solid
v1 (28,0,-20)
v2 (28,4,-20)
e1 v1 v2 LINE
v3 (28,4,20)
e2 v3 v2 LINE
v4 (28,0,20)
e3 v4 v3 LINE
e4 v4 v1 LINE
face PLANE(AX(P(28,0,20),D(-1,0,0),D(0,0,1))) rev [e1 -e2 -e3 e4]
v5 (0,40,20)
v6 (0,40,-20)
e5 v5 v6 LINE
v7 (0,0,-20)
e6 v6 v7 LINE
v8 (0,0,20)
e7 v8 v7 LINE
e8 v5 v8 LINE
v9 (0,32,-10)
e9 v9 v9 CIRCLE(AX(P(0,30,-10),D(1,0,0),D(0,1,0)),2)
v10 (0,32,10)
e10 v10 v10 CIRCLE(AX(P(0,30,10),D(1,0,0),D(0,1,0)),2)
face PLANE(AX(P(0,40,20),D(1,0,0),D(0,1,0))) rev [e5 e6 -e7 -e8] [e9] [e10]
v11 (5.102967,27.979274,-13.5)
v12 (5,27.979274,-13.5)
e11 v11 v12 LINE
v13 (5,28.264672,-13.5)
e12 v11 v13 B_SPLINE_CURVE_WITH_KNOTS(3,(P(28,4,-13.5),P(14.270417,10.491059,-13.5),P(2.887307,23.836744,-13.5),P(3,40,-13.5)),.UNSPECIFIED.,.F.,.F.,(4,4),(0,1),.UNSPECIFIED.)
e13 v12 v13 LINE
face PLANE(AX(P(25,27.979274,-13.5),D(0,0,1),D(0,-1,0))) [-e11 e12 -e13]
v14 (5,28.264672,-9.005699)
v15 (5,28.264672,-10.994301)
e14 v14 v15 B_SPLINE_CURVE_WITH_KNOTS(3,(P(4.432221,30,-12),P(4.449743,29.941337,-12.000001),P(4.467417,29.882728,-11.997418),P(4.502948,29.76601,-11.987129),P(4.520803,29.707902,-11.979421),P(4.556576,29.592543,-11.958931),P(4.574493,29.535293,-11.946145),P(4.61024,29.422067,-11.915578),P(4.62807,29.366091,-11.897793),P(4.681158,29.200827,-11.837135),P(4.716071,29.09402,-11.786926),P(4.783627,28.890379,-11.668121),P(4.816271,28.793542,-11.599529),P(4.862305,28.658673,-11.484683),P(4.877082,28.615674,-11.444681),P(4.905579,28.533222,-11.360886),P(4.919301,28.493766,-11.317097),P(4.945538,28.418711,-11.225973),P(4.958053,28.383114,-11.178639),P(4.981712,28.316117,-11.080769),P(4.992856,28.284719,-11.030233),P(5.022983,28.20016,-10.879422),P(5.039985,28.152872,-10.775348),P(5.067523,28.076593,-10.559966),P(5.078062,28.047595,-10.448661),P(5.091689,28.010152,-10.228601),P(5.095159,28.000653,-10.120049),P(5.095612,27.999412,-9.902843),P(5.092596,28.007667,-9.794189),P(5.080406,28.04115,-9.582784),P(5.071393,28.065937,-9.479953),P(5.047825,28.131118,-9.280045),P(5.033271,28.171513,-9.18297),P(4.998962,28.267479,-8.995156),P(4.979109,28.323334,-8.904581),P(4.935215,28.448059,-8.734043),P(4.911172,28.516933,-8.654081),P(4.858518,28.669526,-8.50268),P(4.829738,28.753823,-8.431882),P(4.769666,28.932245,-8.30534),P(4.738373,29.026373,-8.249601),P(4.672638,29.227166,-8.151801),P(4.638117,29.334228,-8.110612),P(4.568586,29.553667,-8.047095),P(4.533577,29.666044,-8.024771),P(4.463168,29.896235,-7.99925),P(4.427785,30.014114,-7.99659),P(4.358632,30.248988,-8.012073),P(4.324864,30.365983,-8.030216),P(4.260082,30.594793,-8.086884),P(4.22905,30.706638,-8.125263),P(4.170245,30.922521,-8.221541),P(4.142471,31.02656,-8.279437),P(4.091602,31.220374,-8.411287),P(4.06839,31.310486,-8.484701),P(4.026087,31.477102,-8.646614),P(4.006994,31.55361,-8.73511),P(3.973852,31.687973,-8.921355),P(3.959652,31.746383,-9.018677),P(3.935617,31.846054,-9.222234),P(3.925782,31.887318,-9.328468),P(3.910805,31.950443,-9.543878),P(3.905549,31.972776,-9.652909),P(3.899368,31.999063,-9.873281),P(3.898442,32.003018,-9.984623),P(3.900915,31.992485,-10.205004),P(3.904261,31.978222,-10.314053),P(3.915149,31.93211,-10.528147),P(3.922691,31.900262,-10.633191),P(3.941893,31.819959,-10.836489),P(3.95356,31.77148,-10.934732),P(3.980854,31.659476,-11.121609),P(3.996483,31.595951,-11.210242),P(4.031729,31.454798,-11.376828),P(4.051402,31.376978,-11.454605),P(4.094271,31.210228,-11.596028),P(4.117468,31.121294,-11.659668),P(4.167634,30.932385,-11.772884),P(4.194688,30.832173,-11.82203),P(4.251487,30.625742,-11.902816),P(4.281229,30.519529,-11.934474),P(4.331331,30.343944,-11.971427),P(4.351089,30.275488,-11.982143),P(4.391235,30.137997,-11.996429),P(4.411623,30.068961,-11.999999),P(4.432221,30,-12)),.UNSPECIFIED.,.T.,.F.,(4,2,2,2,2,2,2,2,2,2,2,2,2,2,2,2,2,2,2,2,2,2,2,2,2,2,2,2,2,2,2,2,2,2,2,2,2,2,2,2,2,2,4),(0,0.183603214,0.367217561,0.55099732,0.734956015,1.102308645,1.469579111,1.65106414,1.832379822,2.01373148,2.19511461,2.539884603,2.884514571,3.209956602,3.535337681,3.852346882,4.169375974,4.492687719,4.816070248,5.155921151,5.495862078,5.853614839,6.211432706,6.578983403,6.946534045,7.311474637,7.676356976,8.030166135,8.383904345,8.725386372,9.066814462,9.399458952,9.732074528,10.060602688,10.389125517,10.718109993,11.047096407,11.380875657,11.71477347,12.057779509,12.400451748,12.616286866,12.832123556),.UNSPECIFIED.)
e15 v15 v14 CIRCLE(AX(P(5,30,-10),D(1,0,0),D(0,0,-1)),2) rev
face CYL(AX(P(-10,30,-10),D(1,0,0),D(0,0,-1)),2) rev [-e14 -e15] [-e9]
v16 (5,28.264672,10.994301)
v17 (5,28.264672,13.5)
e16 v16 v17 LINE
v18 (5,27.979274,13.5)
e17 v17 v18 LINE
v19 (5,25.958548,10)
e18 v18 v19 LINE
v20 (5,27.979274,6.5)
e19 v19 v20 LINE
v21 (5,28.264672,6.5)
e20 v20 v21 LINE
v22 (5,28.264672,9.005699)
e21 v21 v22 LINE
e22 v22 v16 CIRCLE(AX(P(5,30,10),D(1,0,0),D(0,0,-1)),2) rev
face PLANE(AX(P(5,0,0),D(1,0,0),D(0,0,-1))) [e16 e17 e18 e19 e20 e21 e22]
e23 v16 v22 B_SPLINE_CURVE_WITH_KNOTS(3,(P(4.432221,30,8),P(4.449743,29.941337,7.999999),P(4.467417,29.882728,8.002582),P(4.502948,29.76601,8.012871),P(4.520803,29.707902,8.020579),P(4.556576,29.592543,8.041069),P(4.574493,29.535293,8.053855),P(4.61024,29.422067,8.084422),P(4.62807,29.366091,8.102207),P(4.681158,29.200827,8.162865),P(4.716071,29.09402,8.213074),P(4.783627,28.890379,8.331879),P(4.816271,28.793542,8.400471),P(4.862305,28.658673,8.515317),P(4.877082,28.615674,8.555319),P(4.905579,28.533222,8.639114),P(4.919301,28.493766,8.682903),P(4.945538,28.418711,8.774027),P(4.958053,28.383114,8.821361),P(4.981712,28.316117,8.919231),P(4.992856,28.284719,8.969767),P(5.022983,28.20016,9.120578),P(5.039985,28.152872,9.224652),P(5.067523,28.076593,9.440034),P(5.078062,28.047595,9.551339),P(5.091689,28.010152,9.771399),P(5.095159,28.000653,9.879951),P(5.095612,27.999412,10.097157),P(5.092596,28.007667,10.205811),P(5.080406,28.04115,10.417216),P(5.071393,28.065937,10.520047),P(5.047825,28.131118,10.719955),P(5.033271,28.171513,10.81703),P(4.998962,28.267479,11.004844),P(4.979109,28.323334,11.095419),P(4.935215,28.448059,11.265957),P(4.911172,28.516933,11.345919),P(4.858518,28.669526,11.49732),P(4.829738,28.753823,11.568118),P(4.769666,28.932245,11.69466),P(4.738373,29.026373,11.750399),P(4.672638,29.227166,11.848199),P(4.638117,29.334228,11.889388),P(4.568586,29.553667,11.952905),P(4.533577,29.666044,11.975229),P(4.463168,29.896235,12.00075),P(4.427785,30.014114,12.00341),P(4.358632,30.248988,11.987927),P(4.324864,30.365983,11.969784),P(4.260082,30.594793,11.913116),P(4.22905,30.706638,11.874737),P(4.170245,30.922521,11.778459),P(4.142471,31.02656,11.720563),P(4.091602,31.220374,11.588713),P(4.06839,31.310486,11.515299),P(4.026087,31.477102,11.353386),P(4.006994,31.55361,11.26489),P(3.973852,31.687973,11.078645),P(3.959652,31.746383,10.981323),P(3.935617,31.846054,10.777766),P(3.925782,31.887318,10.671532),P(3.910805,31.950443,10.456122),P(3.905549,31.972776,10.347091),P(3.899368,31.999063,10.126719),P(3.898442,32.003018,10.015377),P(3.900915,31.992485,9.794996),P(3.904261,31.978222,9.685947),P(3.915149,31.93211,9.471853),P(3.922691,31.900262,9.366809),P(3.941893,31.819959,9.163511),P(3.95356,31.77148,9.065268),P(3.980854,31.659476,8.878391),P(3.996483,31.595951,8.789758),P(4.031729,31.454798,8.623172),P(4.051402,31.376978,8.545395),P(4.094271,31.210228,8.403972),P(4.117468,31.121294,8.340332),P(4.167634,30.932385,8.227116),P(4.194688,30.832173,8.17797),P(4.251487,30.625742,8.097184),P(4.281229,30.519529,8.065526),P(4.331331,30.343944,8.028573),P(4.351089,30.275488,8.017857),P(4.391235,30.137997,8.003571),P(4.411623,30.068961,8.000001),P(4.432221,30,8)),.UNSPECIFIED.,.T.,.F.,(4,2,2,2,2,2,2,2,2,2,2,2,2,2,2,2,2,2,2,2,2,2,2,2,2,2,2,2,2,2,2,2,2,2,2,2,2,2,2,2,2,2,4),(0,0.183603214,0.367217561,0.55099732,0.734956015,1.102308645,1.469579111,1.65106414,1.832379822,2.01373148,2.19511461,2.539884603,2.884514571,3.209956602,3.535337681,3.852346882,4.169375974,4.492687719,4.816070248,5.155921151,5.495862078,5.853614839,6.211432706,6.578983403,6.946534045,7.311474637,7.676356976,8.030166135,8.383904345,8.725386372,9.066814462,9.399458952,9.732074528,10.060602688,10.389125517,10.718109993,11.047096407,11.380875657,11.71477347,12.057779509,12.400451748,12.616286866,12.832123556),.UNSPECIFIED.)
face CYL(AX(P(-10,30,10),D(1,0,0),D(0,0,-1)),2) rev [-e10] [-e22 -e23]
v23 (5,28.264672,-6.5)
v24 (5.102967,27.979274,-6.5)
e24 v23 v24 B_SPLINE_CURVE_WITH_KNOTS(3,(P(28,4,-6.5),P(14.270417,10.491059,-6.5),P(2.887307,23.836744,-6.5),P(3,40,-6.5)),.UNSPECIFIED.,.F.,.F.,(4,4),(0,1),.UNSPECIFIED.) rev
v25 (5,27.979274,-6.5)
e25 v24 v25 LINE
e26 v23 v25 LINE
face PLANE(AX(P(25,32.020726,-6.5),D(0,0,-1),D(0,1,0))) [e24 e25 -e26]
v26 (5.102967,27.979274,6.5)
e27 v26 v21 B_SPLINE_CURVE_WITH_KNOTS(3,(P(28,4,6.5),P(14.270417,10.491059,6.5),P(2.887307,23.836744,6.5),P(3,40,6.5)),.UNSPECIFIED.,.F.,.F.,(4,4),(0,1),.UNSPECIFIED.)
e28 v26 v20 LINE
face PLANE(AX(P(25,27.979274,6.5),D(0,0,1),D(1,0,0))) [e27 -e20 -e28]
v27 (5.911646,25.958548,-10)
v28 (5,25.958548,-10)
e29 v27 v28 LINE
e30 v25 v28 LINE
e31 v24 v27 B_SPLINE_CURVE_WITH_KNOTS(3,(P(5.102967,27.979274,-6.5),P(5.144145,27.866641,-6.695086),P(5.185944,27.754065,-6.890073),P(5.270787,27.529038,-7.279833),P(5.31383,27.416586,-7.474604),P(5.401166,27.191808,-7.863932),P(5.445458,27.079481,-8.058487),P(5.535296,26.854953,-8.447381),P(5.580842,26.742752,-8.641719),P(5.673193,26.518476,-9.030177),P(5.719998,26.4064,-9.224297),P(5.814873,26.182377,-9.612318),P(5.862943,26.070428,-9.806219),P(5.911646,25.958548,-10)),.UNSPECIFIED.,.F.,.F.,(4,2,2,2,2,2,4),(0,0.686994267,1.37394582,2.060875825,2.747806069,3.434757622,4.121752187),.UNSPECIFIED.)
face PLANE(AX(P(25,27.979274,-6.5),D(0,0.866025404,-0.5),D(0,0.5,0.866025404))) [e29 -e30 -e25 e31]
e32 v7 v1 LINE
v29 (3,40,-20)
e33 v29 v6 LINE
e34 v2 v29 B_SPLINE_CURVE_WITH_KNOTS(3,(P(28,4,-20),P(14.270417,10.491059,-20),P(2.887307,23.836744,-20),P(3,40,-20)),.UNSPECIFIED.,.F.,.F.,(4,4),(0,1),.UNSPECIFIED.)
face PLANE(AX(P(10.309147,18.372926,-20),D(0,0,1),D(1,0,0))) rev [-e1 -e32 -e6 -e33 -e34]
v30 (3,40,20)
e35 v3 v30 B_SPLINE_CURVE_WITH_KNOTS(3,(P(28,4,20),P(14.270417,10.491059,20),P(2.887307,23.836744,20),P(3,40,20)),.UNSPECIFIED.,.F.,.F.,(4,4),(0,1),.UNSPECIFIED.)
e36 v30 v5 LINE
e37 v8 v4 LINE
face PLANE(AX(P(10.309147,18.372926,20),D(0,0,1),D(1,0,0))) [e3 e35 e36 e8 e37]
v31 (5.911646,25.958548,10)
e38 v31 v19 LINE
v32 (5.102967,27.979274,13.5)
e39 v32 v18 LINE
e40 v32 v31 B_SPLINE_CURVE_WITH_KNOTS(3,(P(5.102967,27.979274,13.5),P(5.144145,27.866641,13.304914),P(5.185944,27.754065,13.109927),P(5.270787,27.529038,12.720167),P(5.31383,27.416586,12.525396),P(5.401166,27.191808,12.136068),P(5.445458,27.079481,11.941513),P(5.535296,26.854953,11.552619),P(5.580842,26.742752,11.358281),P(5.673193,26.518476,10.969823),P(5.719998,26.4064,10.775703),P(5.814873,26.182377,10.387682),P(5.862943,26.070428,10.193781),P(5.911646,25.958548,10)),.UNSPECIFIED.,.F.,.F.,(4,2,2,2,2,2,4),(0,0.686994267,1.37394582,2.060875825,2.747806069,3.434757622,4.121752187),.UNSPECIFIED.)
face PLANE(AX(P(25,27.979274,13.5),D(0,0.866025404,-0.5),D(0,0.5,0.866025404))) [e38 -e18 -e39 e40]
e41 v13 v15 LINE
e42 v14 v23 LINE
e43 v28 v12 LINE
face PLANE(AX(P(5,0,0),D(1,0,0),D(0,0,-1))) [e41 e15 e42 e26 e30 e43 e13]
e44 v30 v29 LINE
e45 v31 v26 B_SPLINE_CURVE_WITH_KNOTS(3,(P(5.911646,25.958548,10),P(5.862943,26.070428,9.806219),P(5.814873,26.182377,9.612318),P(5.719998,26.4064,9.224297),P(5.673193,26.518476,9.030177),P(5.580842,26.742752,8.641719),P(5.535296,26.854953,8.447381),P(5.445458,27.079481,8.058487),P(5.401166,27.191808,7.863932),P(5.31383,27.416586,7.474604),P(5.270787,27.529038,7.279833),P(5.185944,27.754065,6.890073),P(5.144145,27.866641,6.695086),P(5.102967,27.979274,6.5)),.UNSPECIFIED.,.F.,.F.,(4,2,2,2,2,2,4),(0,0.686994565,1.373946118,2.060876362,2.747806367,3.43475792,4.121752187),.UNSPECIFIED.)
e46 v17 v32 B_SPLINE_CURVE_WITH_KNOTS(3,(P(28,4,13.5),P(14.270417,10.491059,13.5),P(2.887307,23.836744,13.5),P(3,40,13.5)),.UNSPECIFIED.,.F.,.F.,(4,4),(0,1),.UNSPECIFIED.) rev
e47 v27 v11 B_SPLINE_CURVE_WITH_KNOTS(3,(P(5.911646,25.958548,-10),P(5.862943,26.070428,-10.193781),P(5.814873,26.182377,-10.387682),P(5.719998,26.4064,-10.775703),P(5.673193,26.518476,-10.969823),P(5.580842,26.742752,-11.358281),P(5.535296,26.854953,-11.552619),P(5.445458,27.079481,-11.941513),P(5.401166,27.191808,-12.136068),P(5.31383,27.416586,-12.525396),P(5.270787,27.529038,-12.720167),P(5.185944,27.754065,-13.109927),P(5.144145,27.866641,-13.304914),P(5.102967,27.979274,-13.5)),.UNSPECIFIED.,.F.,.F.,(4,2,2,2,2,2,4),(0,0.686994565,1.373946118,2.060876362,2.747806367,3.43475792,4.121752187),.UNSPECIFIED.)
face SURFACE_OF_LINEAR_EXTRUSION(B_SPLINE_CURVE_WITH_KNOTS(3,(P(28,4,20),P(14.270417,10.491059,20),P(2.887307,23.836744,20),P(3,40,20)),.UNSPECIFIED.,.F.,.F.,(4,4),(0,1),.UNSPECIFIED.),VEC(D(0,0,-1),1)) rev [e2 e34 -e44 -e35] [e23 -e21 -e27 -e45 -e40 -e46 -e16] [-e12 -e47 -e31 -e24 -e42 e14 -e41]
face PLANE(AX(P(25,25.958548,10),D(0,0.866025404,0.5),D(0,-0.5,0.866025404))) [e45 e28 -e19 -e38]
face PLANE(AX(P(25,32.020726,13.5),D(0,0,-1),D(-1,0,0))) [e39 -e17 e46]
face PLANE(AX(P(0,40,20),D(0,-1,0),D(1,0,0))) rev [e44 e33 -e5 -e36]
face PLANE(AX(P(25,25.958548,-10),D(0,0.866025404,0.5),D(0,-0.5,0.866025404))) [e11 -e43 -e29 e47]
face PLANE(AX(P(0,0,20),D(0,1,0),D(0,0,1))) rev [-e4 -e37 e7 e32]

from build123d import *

# Parameters (mm, degrees)
EXTRUDE_1_DEPTH     = 20
SKETCH_2_R          = 2
CUT_EXTRUDE_2_DEPTH = 10
CUT_EXTRUDE_3_DEPTH = 20


with BuildPart() as part:
    # 草图1 → 凸台-拉伸1 (new, symmetric)
    with BuildSketch(Plane.XY):
        with BuildLine():
            Line((0, 40), (0, 0))
            Line((0, 0), (28, 0))
            Line((28, 0), (28, 4))
            add(Edge.make_bspline(
                [(28, 4), (14.27041689, 10.491058619), (2.887307451, 23.83674366), (3, 40)],
                knots=[0, 0, 0, 0, 1, 1, 1, 1], degree=3))
            Line((3, 40), (0, 40))
        make_face()
    extrude(amount=EXTRUDE_1_DEPTH, both=True)

    # 草图2 → 切除-拉伸2 (cut, symmetric)
    with BuildSketch(Plane(origin=(0, 0, 0), x_dir=(0, 0, -1), z_dir=(1, 0, 0))):
        with Locations((-10, 30)):
            Circle(SKETCH_2_R)
        with Locations((10, 30)):
            Circle(SKETCH_2_R)
    extrude(amount=CUT_EXTRUDE_2_DEPTH, both=True, mode=Mode.SUBTRACT)

    # 草图3 → 切除-拉伸3 (cut)
    with BuildSketch(Plane(origin=(5, 0, 0), x_dir=(0, 0, -1), z_dir=(1, 0, 0))):
        Polygon((-10, 34.041451884), (-13.5, 32.020725942), (-13.5, 27.979274058), (-10, 25.958548116), (-6.5, 27.979274058), (-6.5, 32.020725942), align=None)
        Polygon((10, 34.041451884), (6.5, 32.020725942), (6.5, 27.979274058), (10, 25.958548116), (13.5, 27.979274058), (13.5, 32.020725942), align=None)
    extrude(amount=CUT_EXTRUDE_3_DEPTH, mode=Mode.SUBTRACT)


solid = part.part
